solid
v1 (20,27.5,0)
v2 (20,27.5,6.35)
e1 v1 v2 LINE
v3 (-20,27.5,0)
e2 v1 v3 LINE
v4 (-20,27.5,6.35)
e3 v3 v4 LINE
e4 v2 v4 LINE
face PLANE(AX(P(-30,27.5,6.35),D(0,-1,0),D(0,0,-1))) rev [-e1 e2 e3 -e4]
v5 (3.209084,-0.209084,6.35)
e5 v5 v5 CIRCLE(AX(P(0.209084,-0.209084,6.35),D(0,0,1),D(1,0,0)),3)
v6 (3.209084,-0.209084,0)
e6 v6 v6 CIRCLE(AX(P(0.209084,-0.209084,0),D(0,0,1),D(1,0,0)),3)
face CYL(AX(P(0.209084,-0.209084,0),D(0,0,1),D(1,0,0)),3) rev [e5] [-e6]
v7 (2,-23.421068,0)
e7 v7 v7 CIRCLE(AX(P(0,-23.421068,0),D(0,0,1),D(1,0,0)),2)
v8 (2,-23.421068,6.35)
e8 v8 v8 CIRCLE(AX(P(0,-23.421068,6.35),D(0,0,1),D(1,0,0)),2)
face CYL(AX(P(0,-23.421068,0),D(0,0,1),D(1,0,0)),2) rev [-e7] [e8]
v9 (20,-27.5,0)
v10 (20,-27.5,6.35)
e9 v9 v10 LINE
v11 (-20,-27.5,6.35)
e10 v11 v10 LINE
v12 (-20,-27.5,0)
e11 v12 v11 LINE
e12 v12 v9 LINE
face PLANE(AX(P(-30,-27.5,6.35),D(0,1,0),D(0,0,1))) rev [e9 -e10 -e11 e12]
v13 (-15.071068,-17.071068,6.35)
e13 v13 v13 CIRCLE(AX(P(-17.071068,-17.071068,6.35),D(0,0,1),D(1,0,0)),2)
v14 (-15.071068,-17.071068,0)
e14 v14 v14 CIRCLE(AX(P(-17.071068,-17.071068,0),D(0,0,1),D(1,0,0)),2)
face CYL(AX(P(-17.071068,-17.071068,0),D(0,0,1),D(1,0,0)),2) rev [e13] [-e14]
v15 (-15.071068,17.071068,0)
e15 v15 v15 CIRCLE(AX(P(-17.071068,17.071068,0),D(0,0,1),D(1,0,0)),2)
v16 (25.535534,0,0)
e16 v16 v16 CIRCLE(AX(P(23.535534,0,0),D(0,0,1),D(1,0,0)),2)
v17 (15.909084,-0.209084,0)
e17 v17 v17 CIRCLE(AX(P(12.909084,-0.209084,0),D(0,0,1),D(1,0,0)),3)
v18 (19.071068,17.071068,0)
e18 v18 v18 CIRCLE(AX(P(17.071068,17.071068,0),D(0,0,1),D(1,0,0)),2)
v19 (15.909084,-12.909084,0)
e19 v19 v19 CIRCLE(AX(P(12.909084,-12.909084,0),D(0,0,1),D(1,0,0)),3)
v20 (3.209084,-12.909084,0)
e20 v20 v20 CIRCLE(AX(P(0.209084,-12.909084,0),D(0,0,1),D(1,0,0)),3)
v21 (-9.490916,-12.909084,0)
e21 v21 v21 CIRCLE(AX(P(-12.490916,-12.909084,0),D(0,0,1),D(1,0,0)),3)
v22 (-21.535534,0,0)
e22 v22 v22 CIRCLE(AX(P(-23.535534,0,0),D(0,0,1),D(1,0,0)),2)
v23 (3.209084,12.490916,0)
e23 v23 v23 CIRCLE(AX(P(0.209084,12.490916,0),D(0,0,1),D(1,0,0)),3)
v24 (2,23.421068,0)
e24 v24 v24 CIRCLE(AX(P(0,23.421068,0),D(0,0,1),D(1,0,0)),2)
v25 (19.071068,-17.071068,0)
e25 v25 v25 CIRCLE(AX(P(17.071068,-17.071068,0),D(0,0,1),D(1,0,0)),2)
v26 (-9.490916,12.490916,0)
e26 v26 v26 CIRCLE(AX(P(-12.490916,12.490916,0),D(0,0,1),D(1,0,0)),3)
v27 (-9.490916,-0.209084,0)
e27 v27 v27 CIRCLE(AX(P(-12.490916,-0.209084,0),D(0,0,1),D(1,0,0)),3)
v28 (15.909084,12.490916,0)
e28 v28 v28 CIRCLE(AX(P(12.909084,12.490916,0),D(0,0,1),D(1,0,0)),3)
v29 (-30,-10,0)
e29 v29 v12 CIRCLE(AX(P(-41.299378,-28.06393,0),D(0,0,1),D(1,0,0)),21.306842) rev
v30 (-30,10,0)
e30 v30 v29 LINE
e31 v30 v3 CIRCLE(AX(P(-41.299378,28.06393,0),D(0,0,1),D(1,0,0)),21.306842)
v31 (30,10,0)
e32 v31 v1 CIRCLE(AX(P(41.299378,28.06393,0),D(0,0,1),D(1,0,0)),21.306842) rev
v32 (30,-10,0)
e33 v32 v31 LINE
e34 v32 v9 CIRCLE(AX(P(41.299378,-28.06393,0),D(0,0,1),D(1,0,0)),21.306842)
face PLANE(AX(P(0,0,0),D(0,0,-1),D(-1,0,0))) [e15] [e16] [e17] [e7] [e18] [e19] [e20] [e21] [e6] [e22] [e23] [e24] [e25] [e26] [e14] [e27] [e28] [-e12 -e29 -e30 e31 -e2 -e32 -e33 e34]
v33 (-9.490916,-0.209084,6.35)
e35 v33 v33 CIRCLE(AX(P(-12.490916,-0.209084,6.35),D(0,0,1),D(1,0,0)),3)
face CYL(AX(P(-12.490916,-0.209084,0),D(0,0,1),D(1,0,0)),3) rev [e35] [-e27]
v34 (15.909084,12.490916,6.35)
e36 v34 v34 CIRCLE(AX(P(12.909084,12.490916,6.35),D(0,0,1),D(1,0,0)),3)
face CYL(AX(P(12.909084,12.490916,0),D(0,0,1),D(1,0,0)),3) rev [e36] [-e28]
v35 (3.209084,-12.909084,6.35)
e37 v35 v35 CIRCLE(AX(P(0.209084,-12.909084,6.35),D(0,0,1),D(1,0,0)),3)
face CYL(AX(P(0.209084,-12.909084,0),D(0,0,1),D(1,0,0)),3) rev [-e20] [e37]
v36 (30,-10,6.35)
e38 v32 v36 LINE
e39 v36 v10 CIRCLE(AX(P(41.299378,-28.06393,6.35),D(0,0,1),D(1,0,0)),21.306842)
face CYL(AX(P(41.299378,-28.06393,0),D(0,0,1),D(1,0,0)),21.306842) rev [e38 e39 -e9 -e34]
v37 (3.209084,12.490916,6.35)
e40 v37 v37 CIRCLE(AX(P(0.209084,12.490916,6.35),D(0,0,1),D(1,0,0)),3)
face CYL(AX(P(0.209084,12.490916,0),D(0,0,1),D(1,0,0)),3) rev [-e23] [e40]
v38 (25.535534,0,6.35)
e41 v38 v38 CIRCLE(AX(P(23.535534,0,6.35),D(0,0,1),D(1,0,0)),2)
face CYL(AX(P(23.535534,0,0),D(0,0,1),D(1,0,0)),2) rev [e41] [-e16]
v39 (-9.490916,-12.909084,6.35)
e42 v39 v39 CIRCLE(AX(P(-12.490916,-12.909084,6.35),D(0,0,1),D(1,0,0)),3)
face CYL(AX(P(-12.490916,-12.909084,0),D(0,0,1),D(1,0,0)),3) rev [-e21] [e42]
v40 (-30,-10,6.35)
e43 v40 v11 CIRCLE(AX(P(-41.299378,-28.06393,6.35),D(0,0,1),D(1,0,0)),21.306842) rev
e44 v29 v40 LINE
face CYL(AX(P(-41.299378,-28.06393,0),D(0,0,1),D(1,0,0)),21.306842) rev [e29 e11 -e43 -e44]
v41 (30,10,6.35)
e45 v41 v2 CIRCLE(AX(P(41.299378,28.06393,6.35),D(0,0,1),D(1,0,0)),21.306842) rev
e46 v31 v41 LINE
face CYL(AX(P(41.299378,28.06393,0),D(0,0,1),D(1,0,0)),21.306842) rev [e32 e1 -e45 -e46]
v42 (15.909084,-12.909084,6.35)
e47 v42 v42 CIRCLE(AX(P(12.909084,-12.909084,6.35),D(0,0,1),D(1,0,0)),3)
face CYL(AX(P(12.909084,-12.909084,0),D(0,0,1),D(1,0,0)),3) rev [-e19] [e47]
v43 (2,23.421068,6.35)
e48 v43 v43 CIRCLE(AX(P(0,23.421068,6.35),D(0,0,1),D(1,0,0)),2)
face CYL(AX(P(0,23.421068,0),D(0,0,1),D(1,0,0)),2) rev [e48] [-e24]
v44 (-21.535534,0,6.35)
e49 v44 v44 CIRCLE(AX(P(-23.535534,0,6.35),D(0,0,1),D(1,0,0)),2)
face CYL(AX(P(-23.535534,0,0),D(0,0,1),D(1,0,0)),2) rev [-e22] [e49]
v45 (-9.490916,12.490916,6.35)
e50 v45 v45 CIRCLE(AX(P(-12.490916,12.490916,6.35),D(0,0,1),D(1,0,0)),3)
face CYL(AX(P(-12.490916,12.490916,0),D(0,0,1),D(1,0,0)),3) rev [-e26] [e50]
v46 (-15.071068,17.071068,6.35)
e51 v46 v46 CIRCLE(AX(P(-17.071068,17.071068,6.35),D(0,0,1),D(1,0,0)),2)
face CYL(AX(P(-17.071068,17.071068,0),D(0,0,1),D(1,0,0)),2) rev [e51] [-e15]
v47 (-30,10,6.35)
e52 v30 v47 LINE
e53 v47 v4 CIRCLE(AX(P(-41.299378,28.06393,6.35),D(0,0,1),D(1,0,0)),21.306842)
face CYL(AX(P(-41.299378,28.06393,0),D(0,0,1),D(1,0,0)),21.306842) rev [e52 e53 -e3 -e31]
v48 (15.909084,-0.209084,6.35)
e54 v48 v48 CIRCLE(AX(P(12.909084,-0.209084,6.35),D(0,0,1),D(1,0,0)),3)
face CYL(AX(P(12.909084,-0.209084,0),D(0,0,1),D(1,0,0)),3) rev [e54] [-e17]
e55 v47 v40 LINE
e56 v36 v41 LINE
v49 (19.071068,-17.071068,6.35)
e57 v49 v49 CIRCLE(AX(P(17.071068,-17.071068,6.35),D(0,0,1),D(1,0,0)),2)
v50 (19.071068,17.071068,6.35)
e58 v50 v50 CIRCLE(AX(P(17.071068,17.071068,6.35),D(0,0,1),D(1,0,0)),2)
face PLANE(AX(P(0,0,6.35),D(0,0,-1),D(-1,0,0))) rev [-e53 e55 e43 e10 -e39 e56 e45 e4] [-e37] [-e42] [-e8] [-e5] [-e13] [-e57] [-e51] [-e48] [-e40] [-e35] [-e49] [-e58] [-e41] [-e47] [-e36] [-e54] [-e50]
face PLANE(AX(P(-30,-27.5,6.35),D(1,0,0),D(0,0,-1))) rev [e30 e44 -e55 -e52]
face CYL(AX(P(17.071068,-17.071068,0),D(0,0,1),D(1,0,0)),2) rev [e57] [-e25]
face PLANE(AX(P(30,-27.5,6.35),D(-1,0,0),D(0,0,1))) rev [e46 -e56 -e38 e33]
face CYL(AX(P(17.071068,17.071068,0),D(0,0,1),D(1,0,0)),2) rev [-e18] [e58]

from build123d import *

# Parameters (mm, degrees)
SKETCH1_W                 = 60
SKETCH1_H                 = 55
BOSS_EXTRUDE1_DEPTH       = 6.35
SKETCH2_R                 = 2
CUT_EXTRUDE1_DEPTH        = 6.35
SKETCH3_R                 = 3
CUT_EXTRUDE2_DEPTH        = 42.189470742
LPATTERN1_COUNT           = 3
LPATTERN1_PITCH           = 12.7
LPATTERN2_COUNT           = 3
LPATTERN2_PITCH           = 12.7
LPATTERN2_COPY_1_SKETCH_R = 3
LPATTERN2_COPY_1_DEPTH    = 42.189470742
LPATTERN2_COPY_2_SKETCH_R = 3
LPATTERN2_COPY_2_DEPTH    = 42.189470742
LPATTERN2_COPY_3_SKETCH_R = 3
LPATTERN2_COPY_3_DEPTH    = 42.189470742
LPATTERN2_COPY_4_SKETCH_R = 3
LPATTERN2_COPY_4_DEPTH    = 42.189470742


with BuildPart() as part:
    # Sketch1 → Boss-Extrude1 (new body)
    with BuildSketch(Plane.XY):
        Rectangle(SKETCH1_W, SKETCH1_H)
    extrude(amount=BOSS_EXTRUDE1_DEPTH)

    # Sketch2 → Cut-Extrude1 (cut)
    with BuildSketch(Plane.XY.offset(6.35)):
        with BuildLine():
            Line((-30, 27.5), (-30, 10))
            ThreePointArc((-30, 10), (-22.799858447, 17.492776255), (-20, 27.5))
            Line((-20, 27.5), (-30, 27.5))
        make_face()
        with BuildLine():
            ThreePointArc((-20, -27.5), (-22.799858447, -17.492776255), (-30, -10))
            Line((-30, -10), (-30, -27.5))
            Line((-30, -27.5), (-20, -27.5))
        make_face()
        with BuildLine():
            ThreePointArc((30, -10), (22.799858447, -17.492776255), (20, -27.5))
            Line((20, -27.5), (30, -27.5))
            Line((30, -27.5), (30, -10))
        make_face()
        with BuildLine():
            Line((30, 27.5), (20, 27.5))
            ThreePointArc((20, 27.5), (22.799858447, 17.492776255), (30, 10))
            Line((30, 10), (30, 27.5))
        make_face()
        with Locations((17.07106781, 17.07106781)):
            Circle(SKETCH2_R)
        with Locations((23.535533905, 0)):
            Circle(SKETCH2_R)
        with Locations((17.07106781, -17.07106781)):
            Circle(SKETCH2_R)
        with Locations((-17.07106781, -17.07106781)):
            Circle(SKETCH2_R)
        with Locations((-23.535533905, 0)):
            Circle(SKETCH2_R)
        with Locations((-17.07106781, 17.07106781)):
            Circle(SKETCH2_R)
        with Locations((0, -23.42106781)):
            Circle(SKETCH2_R)
        with Locations((0, 23.42106781)):
            Circle(SKETCH2_R)
    extrude(amount=-CUT_EXTRUDE1_DEPTH, mode=Mode.SUBTRACT)

    # Sketch3 → Cut-Extrude2 (cut, through all)
    with BuildSketch(Plane.XY.offset(6.35)):
        with Locations((-12.490915526, 12.490915526)):
            Circle(SKETCH3_R)
    cut_extrude2 = extrude(amount=-CUT_EXTRUDE2_DEPTH, mode=Mode.SUBTRACT)

    # LPattern1: Cut-Extrude2 ×3
    with Locations(*[(i * LPATTERN1_PITCH, 0, 0) for i in range(1, LPATTERN1_COUNT)]):
        add(cut_extrude2, mode=Mode.SUBTRACT)

    # LPattern2: Cut-Extrude2 ×3
    with Locations(*[(0, -i * LPATTERN2_PITCH, 0) for i in range(1, LPATTERN2_COUNT)]):
        add(cut_extrude2, mode=Mode.SUBTRACT)

    # LPattern2 copy 1 sketch → LPattern2 copy 1 (cut, through all)
    with BuildSketch(Plane(origin=(12.7, -12.7, 6.35), x_dir=(1, 0, 0), z_dir=(0, 0, 1))):
        with Locations((-12.490915526, 12.490915526)):
            Circle(LPATTERN2_COPY_1_SKETCH_R)
    extrude(amount=-LPATTERN2_COPY_1_DEPTH, mode=Mode.SUBTRACT)

    # LPattern2 copy 2 sketch → LPattern2 copy 2 (cut, through all)
    with BuildSketch(Plane(origin=(12.7, -25.4, 6.35), x_dir=(1, 0, 0), z_dir=(0, 0, 1))):
        with Locations((-12.490915526, 12.490915526)):
            Circle(LPATTERN2_COPY_2_SKETCH_R)
    extrude(amount=-LPATTERN2_COPY_2_DEPTH, mode=Mode.SUBTRACT)

    # LPattern2 copy 3 sketch → LPattern2 copy 3 (cut, through all)
    with BuildSketch(Plane(origin=(25.4, -12.7, 6.35), x_dir=(1, 0, 0), z_dir=(0, 0, 1))):
        with Locations((-12.490915526, 12.490915526)):
            Circle(LPATTERN2_COPY_3_SKETCH_R)
    extrude(amount=-LPATTERN2_COPY_3_DEPTH, mode=Mode.SUBTRACT)

    # LPattern2 copy 4 sketch → LPattern2 copy 4 (cut, through all)
    with BuildSketch(Plane(origin=(25.4, -25.4, 6.35), x_dir=(1, 0, 0), z_dir=(0, 0, 1))):
        with Locations((-12.490915526, 12.490915526)):
            Circle(LPATTERN2_COPY_4_SKETCH_R)
    extrude(amount=-LPATTERN2_COPY_4_DEPTH, mode=Mode.SUBTRACT)


solid = part.part
